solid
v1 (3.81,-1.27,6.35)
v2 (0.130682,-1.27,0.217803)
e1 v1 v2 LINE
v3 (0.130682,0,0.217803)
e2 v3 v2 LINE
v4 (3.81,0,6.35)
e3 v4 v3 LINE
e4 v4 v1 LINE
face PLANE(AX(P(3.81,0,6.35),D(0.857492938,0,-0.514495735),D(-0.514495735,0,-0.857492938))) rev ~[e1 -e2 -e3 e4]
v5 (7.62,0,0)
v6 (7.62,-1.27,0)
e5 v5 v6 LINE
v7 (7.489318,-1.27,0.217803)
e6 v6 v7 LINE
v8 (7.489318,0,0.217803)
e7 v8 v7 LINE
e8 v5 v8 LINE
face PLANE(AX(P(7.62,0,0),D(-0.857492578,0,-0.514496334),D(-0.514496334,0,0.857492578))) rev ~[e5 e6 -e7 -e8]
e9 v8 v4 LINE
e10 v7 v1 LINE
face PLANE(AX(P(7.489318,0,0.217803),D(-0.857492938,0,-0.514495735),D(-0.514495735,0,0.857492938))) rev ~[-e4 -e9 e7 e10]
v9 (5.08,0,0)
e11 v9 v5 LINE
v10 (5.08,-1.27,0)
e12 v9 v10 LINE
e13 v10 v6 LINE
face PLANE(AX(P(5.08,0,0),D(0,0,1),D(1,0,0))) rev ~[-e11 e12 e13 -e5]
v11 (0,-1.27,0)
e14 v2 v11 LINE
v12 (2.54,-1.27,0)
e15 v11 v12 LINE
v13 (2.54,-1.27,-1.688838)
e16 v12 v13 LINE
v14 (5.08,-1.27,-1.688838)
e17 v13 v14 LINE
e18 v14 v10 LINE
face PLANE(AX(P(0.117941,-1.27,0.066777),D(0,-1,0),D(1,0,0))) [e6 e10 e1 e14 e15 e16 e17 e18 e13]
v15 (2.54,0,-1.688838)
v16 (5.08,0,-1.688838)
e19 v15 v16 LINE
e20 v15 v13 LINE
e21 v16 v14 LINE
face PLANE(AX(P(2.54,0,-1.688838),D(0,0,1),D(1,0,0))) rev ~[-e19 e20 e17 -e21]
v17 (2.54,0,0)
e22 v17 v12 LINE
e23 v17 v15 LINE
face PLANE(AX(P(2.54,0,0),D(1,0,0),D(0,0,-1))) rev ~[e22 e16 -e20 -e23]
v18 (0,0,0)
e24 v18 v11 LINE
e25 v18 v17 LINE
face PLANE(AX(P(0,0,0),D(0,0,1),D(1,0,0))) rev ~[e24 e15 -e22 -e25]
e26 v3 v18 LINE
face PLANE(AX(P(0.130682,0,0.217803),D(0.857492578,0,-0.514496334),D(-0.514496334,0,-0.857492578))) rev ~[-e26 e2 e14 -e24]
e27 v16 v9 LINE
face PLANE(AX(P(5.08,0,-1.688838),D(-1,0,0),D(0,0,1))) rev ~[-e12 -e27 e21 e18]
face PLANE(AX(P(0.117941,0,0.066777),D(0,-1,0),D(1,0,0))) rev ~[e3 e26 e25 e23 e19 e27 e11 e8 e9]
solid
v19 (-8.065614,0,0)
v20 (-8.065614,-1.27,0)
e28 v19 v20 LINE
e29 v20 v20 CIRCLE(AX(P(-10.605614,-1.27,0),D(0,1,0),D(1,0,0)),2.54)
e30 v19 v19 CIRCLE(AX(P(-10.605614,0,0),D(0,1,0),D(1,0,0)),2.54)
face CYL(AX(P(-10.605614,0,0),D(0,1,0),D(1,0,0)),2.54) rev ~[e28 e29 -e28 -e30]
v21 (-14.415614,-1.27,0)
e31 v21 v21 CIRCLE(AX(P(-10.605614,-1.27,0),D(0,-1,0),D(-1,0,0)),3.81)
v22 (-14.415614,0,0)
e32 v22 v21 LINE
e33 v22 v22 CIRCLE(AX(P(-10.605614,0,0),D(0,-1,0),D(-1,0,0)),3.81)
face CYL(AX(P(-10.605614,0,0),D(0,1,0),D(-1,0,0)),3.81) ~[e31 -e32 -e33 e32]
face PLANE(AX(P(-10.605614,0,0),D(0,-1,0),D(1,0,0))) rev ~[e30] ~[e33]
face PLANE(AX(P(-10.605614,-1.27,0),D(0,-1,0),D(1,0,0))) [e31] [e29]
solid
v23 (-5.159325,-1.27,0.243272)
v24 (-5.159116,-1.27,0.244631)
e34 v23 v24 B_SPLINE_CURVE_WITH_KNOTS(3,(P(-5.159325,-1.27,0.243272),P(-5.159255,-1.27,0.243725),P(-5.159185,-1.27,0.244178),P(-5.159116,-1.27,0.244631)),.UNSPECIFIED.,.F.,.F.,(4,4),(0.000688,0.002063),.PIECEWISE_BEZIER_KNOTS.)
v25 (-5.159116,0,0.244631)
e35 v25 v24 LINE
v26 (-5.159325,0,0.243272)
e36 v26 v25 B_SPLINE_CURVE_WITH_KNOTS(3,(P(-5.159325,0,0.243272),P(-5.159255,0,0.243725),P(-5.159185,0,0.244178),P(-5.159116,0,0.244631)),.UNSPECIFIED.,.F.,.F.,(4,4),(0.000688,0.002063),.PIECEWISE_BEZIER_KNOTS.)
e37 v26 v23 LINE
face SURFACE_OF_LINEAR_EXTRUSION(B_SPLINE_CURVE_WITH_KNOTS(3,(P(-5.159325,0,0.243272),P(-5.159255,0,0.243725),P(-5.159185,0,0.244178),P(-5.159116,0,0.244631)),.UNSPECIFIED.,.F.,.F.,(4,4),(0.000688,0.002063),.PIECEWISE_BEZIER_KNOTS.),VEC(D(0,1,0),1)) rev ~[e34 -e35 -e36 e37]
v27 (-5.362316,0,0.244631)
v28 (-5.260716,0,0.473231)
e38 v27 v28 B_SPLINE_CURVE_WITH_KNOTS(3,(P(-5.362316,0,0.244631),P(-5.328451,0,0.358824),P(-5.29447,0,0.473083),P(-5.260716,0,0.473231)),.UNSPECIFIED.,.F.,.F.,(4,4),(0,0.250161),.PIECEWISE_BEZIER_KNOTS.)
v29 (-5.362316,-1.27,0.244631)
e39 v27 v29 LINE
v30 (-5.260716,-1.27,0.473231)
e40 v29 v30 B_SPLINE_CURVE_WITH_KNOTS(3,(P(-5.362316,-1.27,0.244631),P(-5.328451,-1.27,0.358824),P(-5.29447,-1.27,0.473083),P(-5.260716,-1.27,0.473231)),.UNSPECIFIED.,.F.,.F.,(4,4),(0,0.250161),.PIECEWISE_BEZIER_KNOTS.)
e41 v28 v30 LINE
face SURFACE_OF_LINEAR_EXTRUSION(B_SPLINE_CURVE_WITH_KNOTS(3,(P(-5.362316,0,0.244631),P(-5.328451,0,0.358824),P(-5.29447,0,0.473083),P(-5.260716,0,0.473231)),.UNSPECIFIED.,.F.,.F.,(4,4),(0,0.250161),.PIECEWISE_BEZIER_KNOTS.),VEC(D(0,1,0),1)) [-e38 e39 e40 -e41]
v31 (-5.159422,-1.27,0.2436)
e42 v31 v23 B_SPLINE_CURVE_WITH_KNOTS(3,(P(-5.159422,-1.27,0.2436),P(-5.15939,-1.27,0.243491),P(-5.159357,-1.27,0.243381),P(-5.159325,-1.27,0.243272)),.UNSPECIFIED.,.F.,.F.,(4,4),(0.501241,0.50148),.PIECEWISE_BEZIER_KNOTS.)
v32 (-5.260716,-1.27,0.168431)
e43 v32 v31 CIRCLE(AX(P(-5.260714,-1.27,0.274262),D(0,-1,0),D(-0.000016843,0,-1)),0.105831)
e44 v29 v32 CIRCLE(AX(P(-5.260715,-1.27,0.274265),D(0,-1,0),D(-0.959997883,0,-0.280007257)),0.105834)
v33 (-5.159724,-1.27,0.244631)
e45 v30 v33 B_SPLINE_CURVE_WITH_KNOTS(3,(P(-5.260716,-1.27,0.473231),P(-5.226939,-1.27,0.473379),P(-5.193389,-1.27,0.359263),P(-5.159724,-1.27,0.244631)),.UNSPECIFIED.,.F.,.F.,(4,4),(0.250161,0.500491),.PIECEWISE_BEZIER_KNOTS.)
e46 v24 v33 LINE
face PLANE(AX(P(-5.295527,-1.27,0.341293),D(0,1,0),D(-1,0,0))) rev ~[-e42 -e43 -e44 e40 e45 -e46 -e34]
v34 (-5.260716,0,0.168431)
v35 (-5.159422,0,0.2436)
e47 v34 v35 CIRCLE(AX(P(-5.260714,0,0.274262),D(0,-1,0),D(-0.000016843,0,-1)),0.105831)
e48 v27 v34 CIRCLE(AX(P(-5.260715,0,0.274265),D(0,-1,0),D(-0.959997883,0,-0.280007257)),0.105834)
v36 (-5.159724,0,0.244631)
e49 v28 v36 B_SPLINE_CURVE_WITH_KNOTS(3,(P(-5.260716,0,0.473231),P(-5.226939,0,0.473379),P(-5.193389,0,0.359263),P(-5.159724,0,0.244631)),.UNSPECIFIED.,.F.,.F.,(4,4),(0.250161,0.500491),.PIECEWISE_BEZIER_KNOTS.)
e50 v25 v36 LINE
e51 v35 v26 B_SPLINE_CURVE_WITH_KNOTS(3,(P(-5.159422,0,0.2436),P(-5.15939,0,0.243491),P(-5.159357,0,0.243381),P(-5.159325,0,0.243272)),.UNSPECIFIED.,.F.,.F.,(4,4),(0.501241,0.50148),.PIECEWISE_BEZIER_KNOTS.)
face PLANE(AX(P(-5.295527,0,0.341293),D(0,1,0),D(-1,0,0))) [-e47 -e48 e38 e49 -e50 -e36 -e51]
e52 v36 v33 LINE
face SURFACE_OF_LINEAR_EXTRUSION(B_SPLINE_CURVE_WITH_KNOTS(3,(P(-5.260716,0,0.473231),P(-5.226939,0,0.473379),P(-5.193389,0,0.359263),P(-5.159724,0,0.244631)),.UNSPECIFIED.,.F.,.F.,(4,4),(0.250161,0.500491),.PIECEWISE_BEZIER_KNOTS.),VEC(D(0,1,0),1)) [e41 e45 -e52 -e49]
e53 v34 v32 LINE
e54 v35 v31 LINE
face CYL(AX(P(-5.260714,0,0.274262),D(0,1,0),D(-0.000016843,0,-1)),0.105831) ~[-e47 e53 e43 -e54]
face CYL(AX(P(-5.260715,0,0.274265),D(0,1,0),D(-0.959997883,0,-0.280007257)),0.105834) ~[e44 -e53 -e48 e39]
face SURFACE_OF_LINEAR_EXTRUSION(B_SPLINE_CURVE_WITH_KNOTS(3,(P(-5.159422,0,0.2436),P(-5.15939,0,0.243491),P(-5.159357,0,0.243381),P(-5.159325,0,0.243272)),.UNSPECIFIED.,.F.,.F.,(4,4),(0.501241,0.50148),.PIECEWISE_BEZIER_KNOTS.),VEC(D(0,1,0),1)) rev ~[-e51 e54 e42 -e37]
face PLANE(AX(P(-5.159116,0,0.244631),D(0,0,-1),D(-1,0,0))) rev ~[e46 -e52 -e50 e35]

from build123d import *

# Parameters (mm, degrees)
F1_DEPTH = 1.27


with BuildPart() as f1:
    # F0 (on Front) → F1 (new body)
    with BuildSketch(Plane.XZ):
        with BuildLine():
            Line((0.130682, 0.217803), (0, 0))
            Line((0, 0), (0.254, 0))
            ThreePointArc((0.254, 0), (0.128855, 0.072956), (0.130682, 0.217803))
        make_face()
        with BuildLine():
            ThreePointArc((0.130682, 0.217803), (0.128855, 0.072956), (0.254, 0))
            Line((0.254, 0), (2.54, 0))
            Line((2.54, 0), (3.81, 0))
            Line((3.81, 0), (3.81, 6.35))
            Line((3.81, 6.35), (0.130682, 0.217803))
        make_face()
        Polygon((3.81, 0), (2.54, 0), (2.54, -1.688838), (5.08, -1.688838), (5.08, 0), align=None)
        with BuildLine():
            Line((7.489318, 0.217803), (3.81, 6.35))
            Line((3.81, 6.35), (3.81, 0))
            Line((3.81, 0), (5.08, 0))
            Line((5.08, 0), (7.366, 0))
            ThreePointArc((7.366, 0), (7.491145, 0.072956), (7.489318, 0.217803))
        make_face()
        with BuildLine():
            Line((7.62, 0), (7.489318, 0.217803))
            ThreePointArc((7.489318, 0.217803), (7.491145, 0.072956), (7.366, 0))
            Line((7.366, 0), (7.62, 0))
        make_face()
        with BuildLine():
            ThreePointArc((-6.795614, 0), (-10.605614, 3.81), (-14.415614, 0))
            ThreePointArc((-14.415614, 0), (-10.605614, -3.81), (-6.795614, 0))
        make_face()
        with BuildLine():
            ThreePointArc((-13.145614, 0), (-10.605614, 2.54), (-8.065614, 0))
            ThreePointArc((-8.065614, 0), (-10.605614, -2.54), (-13.145614, 0))
        make_face(mode=Mode.SUBTRACT)
        with BuildLine():
            add(Edge.make_bspline(
                [(-5.362316, 0.244631), (-5.328451, 0.358824), (-5.29447, 0.473083), (-5.260716, 0.473231)],
                knots=[0, 0, 0, 0, 0.250161, 0.250161, 0.250161, 0.250161], degree=3))
            Line((-5.362316, 0.244631), (-5.260716, 0.244631))
            Line((-5.260716, 0.244631), (-5.260716, 0.473231))
        make_face()
        with BuildLine():
            Line((-5.260716, 0.244631), (-5.362316, 0.244631))
            ThreePointArc((-5.362316, 0.244631), (-5.324216, 0.189598), (-5.260716, 0.168431))
            Line((-5.260716, 0.168431), (-5.260716, 0.244631))
        make_face()
        with BuildLine():
            Line((-5.260716, 0.473231), (-5.260716, 0.244631))
            Line((-5.260716, 0.244631), (-5.159724, 0.244631))
            add(Edge.make_bspline(
                [(-5.260716, 0.473231), (-5.226939, 0.473379), (-5.193389, 0.359263), (-5.159724, 0.244631)],
                knots=[0.250161, 0.250161, 0.250161, 0.250161, 0.500491, 0.500491, 0.500491, 0.500491], degree=3))
        make_face()
        with BuildLine():
            Line((-5.159724, 0.244631), (-5.260716, 0.244631))
            Line((-5.260716, 0.244631), (-5.260716, 0.168431))
            ThreePointArc((-5.260716, 0.168431), (-5.197646, 0.189276), (-5.159422, 0.2436))
            add(Edge.make_bspline(
                [(-5.159724, 0.244631), (-5.159624, 0.244288), (-5.159523, 0.243944), (-5.159422, 0.2436)],
                knots=[0.500491, 0.500491, 0.500491, 0.500491, 0.501241, 0.501241, 0.501241, 0.501241], degree=3))
        make_face()
        with BuildLine():
            Line((-5.159116, 0.244631), (-5.159724, 0.244631))
            add(Edge.make_bspline(
                [(-5.159724, 0.244631), (-5.159624, 0.244288), (-5.159523, 0.243944), (-5.159422, 0.2436)],
                knots=[0.500491, 0.500491, 0.500491, 0.500491, 0.501241, 0.501241, 0.501241, 0.501241], degree=3))
            ThreePointArc((-5.159422, 0.2436), (-5.159267, 0.244115), (-5.159116, 0.244631))
        make_face()
        with BuildLine():
            ThreePointArc((-5.159116, 0.244631), (-5.159267, 0.244115), (-5.159422, 0.2436))
            add(Edge.make_bspline(
                [(-5.159422, 0.2436), (-5.15939, 0.243491), (-5.159357, 0.243381), (-5.159325, 0.243272)],
                knots=[0.501241, 0.501241, 0.501241, 0.501241, 0.50148, 0.50148, 0.50148, 0.50148], degree=3))
            add(Edge.make_bspline(
                [(-5.159325, 0.243272), (-5.159255, 0.243725), (-5.159185, 0.244178), (-5.159116, 0.244631)],
                knots=[0.000688, 0.000688, 0.000688, 0.000688, 0.002063, 0.002063, 0.002063, 0.002063], degree=3))
        make_face()
    extrude(amount=F1_DEPTH)


solid = f1.part
